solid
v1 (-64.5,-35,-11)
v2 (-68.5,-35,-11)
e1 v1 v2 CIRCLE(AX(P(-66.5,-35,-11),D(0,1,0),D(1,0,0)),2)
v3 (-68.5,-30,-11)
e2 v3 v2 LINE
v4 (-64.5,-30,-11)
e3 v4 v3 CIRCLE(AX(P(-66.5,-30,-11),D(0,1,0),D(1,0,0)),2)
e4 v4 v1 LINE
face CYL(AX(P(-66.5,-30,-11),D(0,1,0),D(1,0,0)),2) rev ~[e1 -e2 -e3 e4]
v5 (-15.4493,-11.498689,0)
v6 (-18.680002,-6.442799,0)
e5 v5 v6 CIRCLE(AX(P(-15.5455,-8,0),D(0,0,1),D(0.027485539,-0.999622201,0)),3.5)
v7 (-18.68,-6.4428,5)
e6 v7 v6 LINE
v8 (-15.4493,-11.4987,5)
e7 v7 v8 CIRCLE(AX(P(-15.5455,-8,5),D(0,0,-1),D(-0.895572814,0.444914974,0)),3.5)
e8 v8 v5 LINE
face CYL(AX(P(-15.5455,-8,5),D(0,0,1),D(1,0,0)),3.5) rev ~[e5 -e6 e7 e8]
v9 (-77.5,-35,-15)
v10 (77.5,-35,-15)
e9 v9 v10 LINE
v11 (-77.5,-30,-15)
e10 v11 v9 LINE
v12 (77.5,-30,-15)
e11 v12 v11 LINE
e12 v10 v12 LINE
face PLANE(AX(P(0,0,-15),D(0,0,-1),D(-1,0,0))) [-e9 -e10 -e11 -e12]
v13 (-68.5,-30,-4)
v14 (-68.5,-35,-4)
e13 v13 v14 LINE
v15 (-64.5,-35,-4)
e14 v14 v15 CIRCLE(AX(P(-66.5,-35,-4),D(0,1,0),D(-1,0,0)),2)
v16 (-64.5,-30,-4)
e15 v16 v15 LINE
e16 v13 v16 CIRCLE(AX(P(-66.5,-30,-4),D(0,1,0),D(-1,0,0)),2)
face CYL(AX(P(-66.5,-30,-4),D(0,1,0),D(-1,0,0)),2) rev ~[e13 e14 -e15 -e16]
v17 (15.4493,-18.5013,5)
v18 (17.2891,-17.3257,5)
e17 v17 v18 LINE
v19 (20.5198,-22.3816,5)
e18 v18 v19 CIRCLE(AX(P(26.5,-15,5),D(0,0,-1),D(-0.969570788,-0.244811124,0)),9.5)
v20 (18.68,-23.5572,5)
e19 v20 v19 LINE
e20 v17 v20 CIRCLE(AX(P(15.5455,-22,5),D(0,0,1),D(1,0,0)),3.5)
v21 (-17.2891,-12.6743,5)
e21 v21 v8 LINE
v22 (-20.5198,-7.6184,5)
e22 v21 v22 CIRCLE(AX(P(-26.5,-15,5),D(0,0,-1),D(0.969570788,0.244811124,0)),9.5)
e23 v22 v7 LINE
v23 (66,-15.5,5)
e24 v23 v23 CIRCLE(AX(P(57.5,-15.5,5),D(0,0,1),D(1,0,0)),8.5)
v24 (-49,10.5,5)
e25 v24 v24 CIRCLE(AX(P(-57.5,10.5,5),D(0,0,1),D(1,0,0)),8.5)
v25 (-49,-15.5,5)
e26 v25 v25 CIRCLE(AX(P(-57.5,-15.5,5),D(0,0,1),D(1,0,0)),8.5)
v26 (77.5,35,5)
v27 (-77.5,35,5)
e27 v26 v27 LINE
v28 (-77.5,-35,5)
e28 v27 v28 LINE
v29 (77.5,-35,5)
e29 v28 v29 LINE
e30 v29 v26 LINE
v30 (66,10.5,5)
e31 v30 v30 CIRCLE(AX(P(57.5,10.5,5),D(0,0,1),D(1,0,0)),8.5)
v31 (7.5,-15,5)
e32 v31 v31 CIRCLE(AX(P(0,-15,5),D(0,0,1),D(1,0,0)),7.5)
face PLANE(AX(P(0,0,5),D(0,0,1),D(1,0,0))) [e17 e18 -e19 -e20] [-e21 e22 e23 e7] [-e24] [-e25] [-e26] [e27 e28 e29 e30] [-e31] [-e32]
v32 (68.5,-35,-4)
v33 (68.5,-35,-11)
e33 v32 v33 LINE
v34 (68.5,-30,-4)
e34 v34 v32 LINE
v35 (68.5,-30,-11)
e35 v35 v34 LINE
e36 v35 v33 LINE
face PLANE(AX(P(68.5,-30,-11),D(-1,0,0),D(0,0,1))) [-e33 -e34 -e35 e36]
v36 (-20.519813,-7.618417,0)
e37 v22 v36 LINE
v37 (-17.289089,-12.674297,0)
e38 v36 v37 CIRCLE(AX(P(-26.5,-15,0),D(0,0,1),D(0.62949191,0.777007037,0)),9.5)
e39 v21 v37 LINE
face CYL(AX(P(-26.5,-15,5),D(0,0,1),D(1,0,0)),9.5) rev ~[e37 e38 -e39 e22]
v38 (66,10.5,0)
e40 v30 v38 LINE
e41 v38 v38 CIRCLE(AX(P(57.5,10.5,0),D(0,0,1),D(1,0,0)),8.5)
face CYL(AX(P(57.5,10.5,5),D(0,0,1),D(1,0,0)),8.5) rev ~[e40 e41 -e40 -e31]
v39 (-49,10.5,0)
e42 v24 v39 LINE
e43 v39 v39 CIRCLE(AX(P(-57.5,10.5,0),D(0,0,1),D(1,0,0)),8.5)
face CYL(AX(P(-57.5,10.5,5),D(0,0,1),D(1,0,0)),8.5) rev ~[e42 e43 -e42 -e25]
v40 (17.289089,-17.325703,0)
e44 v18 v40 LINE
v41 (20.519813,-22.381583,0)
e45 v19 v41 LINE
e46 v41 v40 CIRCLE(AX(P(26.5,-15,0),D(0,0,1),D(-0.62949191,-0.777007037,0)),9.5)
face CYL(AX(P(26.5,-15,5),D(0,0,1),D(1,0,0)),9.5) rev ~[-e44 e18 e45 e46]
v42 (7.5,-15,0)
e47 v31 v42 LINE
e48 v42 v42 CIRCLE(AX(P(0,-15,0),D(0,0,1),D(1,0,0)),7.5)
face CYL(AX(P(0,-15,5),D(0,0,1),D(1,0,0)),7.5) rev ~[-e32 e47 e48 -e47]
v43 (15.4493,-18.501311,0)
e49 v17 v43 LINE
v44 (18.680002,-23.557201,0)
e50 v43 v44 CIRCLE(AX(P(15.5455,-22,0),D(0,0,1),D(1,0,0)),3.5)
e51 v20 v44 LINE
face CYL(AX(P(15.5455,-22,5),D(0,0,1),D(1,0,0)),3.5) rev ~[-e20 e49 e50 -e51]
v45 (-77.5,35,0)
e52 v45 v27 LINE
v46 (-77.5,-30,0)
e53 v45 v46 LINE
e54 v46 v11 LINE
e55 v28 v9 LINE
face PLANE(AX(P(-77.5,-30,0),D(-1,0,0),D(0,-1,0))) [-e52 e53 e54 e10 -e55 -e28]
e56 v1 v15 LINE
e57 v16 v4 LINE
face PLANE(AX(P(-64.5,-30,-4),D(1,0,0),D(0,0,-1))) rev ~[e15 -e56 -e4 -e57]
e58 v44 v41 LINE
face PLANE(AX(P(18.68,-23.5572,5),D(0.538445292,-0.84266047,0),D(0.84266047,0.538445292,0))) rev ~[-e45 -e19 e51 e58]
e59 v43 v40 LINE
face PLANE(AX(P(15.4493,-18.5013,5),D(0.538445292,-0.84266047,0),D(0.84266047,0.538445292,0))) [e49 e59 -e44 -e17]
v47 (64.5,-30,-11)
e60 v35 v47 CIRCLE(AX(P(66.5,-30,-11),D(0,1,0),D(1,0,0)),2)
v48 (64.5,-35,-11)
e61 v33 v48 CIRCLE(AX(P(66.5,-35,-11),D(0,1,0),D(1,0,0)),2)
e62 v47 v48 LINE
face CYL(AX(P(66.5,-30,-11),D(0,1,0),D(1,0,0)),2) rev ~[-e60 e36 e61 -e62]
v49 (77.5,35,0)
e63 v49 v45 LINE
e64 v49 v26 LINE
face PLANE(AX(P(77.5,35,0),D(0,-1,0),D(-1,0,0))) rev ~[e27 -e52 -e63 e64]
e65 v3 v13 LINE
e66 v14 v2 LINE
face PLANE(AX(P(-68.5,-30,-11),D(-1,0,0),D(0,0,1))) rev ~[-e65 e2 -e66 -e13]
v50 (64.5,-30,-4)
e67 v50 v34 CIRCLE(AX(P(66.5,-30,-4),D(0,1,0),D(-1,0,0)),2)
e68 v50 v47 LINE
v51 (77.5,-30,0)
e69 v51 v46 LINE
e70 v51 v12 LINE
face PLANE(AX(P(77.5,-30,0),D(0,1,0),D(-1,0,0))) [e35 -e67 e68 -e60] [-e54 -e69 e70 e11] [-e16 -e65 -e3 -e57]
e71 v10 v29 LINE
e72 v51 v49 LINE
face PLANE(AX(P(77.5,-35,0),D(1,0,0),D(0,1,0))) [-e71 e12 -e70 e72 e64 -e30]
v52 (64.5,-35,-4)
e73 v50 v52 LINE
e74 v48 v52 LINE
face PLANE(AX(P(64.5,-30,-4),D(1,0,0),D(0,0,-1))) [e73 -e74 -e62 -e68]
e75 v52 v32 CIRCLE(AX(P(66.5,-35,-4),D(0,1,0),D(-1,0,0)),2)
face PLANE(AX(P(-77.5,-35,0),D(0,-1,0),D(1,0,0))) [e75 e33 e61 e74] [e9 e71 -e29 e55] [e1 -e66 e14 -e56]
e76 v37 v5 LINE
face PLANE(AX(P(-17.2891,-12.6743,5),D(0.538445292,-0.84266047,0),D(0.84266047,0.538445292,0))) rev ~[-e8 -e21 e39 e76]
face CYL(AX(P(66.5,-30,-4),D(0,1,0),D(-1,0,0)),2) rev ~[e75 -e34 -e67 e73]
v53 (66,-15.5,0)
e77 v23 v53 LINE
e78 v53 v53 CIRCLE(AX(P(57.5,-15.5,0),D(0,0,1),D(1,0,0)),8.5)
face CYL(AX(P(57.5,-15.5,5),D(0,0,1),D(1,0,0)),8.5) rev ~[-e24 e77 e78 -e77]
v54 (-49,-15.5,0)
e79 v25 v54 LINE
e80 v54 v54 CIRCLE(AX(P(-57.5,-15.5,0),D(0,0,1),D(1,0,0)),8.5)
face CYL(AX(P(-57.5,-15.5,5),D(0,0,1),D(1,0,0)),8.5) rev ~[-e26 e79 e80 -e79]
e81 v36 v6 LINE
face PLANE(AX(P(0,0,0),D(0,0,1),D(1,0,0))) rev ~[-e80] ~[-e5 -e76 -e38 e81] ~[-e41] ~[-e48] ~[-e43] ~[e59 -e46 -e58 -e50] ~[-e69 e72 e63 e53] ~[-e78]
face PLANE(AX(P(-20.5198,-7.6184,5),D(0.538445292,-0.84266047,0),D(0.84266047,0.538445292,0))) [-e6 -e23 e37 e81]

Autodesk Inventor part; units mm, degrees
ref_plane "YZ Plane" through (0, 0, 0) normal (1, 0, 0) x (0, 1, 0)
ref_plane "XZ Plane" through (0, 0, 0) normal (0, 1, 0) x (-1, 0, 0)
ref_plane "XY Plane" through (0, 0, 0) normal (0, 0, 1) x (1, 0, 0)
sketch "Sketch1" plane through (0, 0, 0) normal (0, 0, 1) x (1, 0, 0)
  line L0 (-77.5, -35) -> (77.5, -35)
  line L1 (77.5, -35) -> (77.5, 35)
  line L2 (77.5, 35) -> (-77.5, 35)
  line L3 (-77.5, 35) -> (-77.5, -35)
  line L4 (-77.5, -35) -> (77.5, 35) construction
  line L5 (77.5, -35) -> (-77.5, 35) construction
  point P0 (0, 0)
  dimension "d23" = 155
  dimension "d24" = 70
extrude "Extrusion2" add sketch "Sketch1" along normal blind 5
sketch "Sketch2" plane through (0, 0, 5) normal (0, 0, 1) x (1, 0, 0)
  line L0 (-77.5, -35) -> (77.5, -35) projected
  line L1 (77.5, -35) -> (77.5, 35) projected
  line L2 (77.5, 35) -> (-77.5, 35) projected
  line L3 (-77.5, 35) -> (-77.5, -35) projected
  line L4 (-77.5, -15) -> (77.5, -15) construction
  line L5 (77.5, -35) -> (77.5, 35) construction
  circle A0 centre (0, -15) radius 7.5
  circle A1 centre (26.5, -15) radius 9.5
  line L6 (0, 35) -> (0, -35) construction
  line L7 (-77.5, -35) -> (77.5, -35) construction
  circle A2 centre (-26.5, -15) radius 9.5
  circle A3 centre (15.5455, -22) radius 3.5
  circle A4 centre (-15.5455, -8) radius 3.5
  point P0 (0, 0)
  dimension "d27" = 20
  dimension "d28" = 15
  dimension "d29" = 19
  dimension "d30" = 26.5
  dimension "d31" = 7
  dimension "d32" = 7
  dimension "d33" = 7
extrude "Extrusion3" cut sketch "Sketch2" against normal through all contours A0 | A1 | A3 | A2 | A4
sketch "Sketch3" plane through (0, 0, 5) normal (0, 0, 1) x (1, 0, 0)
  circle A0 centre (-26.5, -15) radius 9.5 projected
  circle A1 centre (-15.5455, -8) radius 3.5 projected
  circle A2 centre (26.5, -15) radius 9.5 projected
  circle A3 centre (15.5455, -22) radius 3.5 projected
  circle A4 centre (0, -15) radius 7.5 projected
  line L0 (-77.5, -35) -> (77.5, -35) projected
  line L1 (77.5, -35) -> (77.5, 35) projected
  line L2 (77.5, 35) -> (-77.5, 35) projected
  line L3 (-77.5, 35) -> (-77.5, -35) projected
  circle A5 centre (-26.5, -15) radius 9.5 projected
  line L4 (-20.5198, -7.6184) -> (-18.68, -6.4428)
  circle A6 centre (-15.5455, -8) radius 3.5 projected
  line L5 (-15.5455, -8) -> (-26.5, -15) construction
  line L6 (15.5455, -22) -> (26.5, -15) construction
  circle A7 centre (15.5455, -22) radius 3.5 projected
  line L7 (15.4493, -18.5013) -> (17.2891, -17.3257)
  line L8 (-17.2891, -12.6743) -> (-15.4493, -11.4987)
  line L9 (18.68, -23.5572) -> (20.5198, -22.3816)
  point P0 (0, 0)
  point P1 (-18.4948, -9.8846)
  point P2 (18.4948, -20.1154)
  dimension "d36" = 3
  dimension "d37" = 3
  dimension "d38" = 3
  dimension "d39" = 3
extrude "Extrusion4" cut sketch "Sketch3" against normal through all contours A0 A1 L8 | L4 A1 A0 | A2 A3 L7 | L9 A3 A2
sketch "Sketch4" plane through (0, 0, 5) normal (0, 0, 1) x (1, 0, 0)
  line L0 (-15.4493, -11.4987) -> (-17.2891, -12.6743) projected
  arc A0 (-20.5198, -7.6184) -> (-17.2891, -12.6743) centre (-26.5, -15) ccw projected
  line L1 (-20.5198, -7.6184) -> (-18.68, -6.4428) projected
  arc A1 (-15.4493, -11.4987) -> (-18.68, -6.4428) centre (-15.5455, -8) ccw projected
  line L2 (15.4493, -18.5013) -> (17.2891, -17.3257) projected
  arc A2 (20.5198, -22.3816) -> (17.2891, -17.3257) centre (26.5, -15) ccw projected
  line L3 (20.5198, -22.3816) -> (18.68, -23.5572) projected
  arc A3 (15.4493, -18.5013) -> (18.68, -23.5572) centre (15.5455, -22) ccw projected
  circle A4 centre (0, -15) radius 7.5 projected
  line L4 (-77.5, -35) -> (77.5, -35) projected
  line L5 (77.5, -35) -> (77.5, 35) projected
  line L6 (77.5, 35) -> (-77.5, 35) projected
  line L7 (-77.5, 35) -> (-77.5, -35) projected
  line L8 (-77.5, -25) -> (77.5, -25) construction
  line L9 (-67.5, -25) -> (-47.5, -25) construction
  line L10 (-47.5, -25) -> (-47.5, 20) construction
  line L11 (-47.5, 20) -> (-67.5, 20) construction
  line L12 (-67.5, 20) -> (-67.5, -25) construction
  line L13 (77.5, 35) -> (-77.5, 35) construction
  line L14 (0, 35) -> (0, -35) construction
  circle A5 centre (-57.5, 10.5) radius 8.5
  circle A6 centre (-57.5, -15.5) radius 8.5
  line L15 (-67.5, -2.5) -> (-47.5, -2.5) construction
  line L16 (-57.5, -2.5) -> (-57.5, 10.5) construction
  line L17 (-57.5, -2.5) -> (-57.5, -15.5) construction
  circle A7 centre (57.5, 10.5) radius 8.5
  circle A8 centre (57.5, -15.5) radius 8.5
  point P0 (0, 0)
  dimension "d42" = 10
  dimension "d43" = 10
  dimension "d44" = 20
  dimension "d45" = 45
  dimension "d46" = 17
  dimension "d48" = 26
extrude "Extrusion5" cut sketch "Sketch4" against normal through all contours A5 | A6 | A7 | A8
sketch "Sketch5" plane through (0, 0, 0) normal (0, 0, -1) x (-1, 0, 0)
  circle A0 centre (-57.5, 10.5) radius 8.5 projected
  circle A1 centre (57.5, 10.5) radius 8.5 projected
  circle A2 centre (57.5, -15.5) radius 8.5 projected
  circle A3 centre (-57.5, -15.5) radius 8.5 projected
  line L0 (17.2891, -12.6743) -> (15.4493, -11.4987) projected
  arc A4 (18.68, -6.4428) -> (15.4493, -11.4987) centre (15.5455, -8) ccw projected
  line L1 (18.68, -6.4428) -> (20.5198, -7.6184) projected
  arc A5 (17.2891, -12.6743) -> (20.5198, -7.6184) centre (26.5, -15) ccw projected
  line L2 (-17.2891, -17.3257) -> (-15.4493, -18.5013) projected
  arc A6 (-18.68, -23.5572) -> (-15.4493, -18.5013) centre (-15.5455, -22) ccw projected
  line L3 (-18.68, -23.5572) -> (-20.5198, -22.3816) projected
  arc A7 (-17.2891, -17.3257) -> (-20.5198, -22.3816) centre (-26.5, -15) ccw projected
  circle A8 centre (0, -15) radius 7.5 projected
  line L4 (77.5, -35) -> (-77.5, -35) projected
  line L5 (77.5, 35) -> (77.5, -35) projected
  line L6 (-77.5, 35) -> (77.5, 35) projected
  line L7 (-77.5, -35) -> (-77.5, 35) projected
  line L8 (-77.5, -30) -> (77.5, -30)
  line L9 (77.5, 35) -> (77.5, -35) construction
  line L10 (-77.5, -30) -> (77.5, -30)
  line L11 (77.5, -30) -> (77.5, -35)
  line L12 (77.5, -35) -> (-77.5, -35)
  line L13 (-77.5, -35) -> (-77.5, -30)
  point P0 (0, 0)
  dimension "d51" = 5
extrude "Extrusion6" add sketch "Sketch5" along normal blind 15 contours L4 L7 L8 L5
sketch "Sketch6" plane through (-77.5, -30, 0) normal (0, 1, 0) x (1, 0, 0)
  line L0 (155, 0) -> (0, 0) projected
  line L1 (155, 0) -> (155, 15) projected
  line L2 (0, 15) -> (155, 15) projected
  line L3 (0, 0) -> (0, 15) projected
  line L4 (146, 4) -> (142, 4)
  line L5 (142, 4) -> (142, 11)
  line L6 (142, 11) -> (146, 11)
  line L7 (146, 11) -> (146, 4)
  arc A0 (142, 4) -> (146, 4) centre (144, 4) ccw
  arc A1 (146, 11) -> (142, 11) centre (144, 11) ccw
  line L8 (155, 15) -> (0, 15) construction
  line L9 (77.5, 15) -> (77.5, 0) construction
  line L10 (9, 4) -> (13, 4)
  line L11 (13, 4) -> (13, 11)
  line L12 (13, 11) -> (9, 11)
  line L13 (9, 11) -> (9, 4)
  arc A2 (9, 4) -> (13, 4) centre (11, 4) ccw
  arc A3 (13, 11) -> (9, 11) centre (11, 11) ccw
  point P0 (146, 7.5)
  point P1 (155, 7.5)
  point P2 (9, 7.5)
  dimension "d54" = 4
  dimension "d55" = 7
  dimension "d56" = 9
extrude "Extrusion7" cut sketch "Sketch6" against normal through all contours A0 L4 | L4 L5 L6 L7 | L6 A1 | L13 L12 L11 L10 | L10 A2 | A3 L12
properties part number "frontPanel" material "S235"
